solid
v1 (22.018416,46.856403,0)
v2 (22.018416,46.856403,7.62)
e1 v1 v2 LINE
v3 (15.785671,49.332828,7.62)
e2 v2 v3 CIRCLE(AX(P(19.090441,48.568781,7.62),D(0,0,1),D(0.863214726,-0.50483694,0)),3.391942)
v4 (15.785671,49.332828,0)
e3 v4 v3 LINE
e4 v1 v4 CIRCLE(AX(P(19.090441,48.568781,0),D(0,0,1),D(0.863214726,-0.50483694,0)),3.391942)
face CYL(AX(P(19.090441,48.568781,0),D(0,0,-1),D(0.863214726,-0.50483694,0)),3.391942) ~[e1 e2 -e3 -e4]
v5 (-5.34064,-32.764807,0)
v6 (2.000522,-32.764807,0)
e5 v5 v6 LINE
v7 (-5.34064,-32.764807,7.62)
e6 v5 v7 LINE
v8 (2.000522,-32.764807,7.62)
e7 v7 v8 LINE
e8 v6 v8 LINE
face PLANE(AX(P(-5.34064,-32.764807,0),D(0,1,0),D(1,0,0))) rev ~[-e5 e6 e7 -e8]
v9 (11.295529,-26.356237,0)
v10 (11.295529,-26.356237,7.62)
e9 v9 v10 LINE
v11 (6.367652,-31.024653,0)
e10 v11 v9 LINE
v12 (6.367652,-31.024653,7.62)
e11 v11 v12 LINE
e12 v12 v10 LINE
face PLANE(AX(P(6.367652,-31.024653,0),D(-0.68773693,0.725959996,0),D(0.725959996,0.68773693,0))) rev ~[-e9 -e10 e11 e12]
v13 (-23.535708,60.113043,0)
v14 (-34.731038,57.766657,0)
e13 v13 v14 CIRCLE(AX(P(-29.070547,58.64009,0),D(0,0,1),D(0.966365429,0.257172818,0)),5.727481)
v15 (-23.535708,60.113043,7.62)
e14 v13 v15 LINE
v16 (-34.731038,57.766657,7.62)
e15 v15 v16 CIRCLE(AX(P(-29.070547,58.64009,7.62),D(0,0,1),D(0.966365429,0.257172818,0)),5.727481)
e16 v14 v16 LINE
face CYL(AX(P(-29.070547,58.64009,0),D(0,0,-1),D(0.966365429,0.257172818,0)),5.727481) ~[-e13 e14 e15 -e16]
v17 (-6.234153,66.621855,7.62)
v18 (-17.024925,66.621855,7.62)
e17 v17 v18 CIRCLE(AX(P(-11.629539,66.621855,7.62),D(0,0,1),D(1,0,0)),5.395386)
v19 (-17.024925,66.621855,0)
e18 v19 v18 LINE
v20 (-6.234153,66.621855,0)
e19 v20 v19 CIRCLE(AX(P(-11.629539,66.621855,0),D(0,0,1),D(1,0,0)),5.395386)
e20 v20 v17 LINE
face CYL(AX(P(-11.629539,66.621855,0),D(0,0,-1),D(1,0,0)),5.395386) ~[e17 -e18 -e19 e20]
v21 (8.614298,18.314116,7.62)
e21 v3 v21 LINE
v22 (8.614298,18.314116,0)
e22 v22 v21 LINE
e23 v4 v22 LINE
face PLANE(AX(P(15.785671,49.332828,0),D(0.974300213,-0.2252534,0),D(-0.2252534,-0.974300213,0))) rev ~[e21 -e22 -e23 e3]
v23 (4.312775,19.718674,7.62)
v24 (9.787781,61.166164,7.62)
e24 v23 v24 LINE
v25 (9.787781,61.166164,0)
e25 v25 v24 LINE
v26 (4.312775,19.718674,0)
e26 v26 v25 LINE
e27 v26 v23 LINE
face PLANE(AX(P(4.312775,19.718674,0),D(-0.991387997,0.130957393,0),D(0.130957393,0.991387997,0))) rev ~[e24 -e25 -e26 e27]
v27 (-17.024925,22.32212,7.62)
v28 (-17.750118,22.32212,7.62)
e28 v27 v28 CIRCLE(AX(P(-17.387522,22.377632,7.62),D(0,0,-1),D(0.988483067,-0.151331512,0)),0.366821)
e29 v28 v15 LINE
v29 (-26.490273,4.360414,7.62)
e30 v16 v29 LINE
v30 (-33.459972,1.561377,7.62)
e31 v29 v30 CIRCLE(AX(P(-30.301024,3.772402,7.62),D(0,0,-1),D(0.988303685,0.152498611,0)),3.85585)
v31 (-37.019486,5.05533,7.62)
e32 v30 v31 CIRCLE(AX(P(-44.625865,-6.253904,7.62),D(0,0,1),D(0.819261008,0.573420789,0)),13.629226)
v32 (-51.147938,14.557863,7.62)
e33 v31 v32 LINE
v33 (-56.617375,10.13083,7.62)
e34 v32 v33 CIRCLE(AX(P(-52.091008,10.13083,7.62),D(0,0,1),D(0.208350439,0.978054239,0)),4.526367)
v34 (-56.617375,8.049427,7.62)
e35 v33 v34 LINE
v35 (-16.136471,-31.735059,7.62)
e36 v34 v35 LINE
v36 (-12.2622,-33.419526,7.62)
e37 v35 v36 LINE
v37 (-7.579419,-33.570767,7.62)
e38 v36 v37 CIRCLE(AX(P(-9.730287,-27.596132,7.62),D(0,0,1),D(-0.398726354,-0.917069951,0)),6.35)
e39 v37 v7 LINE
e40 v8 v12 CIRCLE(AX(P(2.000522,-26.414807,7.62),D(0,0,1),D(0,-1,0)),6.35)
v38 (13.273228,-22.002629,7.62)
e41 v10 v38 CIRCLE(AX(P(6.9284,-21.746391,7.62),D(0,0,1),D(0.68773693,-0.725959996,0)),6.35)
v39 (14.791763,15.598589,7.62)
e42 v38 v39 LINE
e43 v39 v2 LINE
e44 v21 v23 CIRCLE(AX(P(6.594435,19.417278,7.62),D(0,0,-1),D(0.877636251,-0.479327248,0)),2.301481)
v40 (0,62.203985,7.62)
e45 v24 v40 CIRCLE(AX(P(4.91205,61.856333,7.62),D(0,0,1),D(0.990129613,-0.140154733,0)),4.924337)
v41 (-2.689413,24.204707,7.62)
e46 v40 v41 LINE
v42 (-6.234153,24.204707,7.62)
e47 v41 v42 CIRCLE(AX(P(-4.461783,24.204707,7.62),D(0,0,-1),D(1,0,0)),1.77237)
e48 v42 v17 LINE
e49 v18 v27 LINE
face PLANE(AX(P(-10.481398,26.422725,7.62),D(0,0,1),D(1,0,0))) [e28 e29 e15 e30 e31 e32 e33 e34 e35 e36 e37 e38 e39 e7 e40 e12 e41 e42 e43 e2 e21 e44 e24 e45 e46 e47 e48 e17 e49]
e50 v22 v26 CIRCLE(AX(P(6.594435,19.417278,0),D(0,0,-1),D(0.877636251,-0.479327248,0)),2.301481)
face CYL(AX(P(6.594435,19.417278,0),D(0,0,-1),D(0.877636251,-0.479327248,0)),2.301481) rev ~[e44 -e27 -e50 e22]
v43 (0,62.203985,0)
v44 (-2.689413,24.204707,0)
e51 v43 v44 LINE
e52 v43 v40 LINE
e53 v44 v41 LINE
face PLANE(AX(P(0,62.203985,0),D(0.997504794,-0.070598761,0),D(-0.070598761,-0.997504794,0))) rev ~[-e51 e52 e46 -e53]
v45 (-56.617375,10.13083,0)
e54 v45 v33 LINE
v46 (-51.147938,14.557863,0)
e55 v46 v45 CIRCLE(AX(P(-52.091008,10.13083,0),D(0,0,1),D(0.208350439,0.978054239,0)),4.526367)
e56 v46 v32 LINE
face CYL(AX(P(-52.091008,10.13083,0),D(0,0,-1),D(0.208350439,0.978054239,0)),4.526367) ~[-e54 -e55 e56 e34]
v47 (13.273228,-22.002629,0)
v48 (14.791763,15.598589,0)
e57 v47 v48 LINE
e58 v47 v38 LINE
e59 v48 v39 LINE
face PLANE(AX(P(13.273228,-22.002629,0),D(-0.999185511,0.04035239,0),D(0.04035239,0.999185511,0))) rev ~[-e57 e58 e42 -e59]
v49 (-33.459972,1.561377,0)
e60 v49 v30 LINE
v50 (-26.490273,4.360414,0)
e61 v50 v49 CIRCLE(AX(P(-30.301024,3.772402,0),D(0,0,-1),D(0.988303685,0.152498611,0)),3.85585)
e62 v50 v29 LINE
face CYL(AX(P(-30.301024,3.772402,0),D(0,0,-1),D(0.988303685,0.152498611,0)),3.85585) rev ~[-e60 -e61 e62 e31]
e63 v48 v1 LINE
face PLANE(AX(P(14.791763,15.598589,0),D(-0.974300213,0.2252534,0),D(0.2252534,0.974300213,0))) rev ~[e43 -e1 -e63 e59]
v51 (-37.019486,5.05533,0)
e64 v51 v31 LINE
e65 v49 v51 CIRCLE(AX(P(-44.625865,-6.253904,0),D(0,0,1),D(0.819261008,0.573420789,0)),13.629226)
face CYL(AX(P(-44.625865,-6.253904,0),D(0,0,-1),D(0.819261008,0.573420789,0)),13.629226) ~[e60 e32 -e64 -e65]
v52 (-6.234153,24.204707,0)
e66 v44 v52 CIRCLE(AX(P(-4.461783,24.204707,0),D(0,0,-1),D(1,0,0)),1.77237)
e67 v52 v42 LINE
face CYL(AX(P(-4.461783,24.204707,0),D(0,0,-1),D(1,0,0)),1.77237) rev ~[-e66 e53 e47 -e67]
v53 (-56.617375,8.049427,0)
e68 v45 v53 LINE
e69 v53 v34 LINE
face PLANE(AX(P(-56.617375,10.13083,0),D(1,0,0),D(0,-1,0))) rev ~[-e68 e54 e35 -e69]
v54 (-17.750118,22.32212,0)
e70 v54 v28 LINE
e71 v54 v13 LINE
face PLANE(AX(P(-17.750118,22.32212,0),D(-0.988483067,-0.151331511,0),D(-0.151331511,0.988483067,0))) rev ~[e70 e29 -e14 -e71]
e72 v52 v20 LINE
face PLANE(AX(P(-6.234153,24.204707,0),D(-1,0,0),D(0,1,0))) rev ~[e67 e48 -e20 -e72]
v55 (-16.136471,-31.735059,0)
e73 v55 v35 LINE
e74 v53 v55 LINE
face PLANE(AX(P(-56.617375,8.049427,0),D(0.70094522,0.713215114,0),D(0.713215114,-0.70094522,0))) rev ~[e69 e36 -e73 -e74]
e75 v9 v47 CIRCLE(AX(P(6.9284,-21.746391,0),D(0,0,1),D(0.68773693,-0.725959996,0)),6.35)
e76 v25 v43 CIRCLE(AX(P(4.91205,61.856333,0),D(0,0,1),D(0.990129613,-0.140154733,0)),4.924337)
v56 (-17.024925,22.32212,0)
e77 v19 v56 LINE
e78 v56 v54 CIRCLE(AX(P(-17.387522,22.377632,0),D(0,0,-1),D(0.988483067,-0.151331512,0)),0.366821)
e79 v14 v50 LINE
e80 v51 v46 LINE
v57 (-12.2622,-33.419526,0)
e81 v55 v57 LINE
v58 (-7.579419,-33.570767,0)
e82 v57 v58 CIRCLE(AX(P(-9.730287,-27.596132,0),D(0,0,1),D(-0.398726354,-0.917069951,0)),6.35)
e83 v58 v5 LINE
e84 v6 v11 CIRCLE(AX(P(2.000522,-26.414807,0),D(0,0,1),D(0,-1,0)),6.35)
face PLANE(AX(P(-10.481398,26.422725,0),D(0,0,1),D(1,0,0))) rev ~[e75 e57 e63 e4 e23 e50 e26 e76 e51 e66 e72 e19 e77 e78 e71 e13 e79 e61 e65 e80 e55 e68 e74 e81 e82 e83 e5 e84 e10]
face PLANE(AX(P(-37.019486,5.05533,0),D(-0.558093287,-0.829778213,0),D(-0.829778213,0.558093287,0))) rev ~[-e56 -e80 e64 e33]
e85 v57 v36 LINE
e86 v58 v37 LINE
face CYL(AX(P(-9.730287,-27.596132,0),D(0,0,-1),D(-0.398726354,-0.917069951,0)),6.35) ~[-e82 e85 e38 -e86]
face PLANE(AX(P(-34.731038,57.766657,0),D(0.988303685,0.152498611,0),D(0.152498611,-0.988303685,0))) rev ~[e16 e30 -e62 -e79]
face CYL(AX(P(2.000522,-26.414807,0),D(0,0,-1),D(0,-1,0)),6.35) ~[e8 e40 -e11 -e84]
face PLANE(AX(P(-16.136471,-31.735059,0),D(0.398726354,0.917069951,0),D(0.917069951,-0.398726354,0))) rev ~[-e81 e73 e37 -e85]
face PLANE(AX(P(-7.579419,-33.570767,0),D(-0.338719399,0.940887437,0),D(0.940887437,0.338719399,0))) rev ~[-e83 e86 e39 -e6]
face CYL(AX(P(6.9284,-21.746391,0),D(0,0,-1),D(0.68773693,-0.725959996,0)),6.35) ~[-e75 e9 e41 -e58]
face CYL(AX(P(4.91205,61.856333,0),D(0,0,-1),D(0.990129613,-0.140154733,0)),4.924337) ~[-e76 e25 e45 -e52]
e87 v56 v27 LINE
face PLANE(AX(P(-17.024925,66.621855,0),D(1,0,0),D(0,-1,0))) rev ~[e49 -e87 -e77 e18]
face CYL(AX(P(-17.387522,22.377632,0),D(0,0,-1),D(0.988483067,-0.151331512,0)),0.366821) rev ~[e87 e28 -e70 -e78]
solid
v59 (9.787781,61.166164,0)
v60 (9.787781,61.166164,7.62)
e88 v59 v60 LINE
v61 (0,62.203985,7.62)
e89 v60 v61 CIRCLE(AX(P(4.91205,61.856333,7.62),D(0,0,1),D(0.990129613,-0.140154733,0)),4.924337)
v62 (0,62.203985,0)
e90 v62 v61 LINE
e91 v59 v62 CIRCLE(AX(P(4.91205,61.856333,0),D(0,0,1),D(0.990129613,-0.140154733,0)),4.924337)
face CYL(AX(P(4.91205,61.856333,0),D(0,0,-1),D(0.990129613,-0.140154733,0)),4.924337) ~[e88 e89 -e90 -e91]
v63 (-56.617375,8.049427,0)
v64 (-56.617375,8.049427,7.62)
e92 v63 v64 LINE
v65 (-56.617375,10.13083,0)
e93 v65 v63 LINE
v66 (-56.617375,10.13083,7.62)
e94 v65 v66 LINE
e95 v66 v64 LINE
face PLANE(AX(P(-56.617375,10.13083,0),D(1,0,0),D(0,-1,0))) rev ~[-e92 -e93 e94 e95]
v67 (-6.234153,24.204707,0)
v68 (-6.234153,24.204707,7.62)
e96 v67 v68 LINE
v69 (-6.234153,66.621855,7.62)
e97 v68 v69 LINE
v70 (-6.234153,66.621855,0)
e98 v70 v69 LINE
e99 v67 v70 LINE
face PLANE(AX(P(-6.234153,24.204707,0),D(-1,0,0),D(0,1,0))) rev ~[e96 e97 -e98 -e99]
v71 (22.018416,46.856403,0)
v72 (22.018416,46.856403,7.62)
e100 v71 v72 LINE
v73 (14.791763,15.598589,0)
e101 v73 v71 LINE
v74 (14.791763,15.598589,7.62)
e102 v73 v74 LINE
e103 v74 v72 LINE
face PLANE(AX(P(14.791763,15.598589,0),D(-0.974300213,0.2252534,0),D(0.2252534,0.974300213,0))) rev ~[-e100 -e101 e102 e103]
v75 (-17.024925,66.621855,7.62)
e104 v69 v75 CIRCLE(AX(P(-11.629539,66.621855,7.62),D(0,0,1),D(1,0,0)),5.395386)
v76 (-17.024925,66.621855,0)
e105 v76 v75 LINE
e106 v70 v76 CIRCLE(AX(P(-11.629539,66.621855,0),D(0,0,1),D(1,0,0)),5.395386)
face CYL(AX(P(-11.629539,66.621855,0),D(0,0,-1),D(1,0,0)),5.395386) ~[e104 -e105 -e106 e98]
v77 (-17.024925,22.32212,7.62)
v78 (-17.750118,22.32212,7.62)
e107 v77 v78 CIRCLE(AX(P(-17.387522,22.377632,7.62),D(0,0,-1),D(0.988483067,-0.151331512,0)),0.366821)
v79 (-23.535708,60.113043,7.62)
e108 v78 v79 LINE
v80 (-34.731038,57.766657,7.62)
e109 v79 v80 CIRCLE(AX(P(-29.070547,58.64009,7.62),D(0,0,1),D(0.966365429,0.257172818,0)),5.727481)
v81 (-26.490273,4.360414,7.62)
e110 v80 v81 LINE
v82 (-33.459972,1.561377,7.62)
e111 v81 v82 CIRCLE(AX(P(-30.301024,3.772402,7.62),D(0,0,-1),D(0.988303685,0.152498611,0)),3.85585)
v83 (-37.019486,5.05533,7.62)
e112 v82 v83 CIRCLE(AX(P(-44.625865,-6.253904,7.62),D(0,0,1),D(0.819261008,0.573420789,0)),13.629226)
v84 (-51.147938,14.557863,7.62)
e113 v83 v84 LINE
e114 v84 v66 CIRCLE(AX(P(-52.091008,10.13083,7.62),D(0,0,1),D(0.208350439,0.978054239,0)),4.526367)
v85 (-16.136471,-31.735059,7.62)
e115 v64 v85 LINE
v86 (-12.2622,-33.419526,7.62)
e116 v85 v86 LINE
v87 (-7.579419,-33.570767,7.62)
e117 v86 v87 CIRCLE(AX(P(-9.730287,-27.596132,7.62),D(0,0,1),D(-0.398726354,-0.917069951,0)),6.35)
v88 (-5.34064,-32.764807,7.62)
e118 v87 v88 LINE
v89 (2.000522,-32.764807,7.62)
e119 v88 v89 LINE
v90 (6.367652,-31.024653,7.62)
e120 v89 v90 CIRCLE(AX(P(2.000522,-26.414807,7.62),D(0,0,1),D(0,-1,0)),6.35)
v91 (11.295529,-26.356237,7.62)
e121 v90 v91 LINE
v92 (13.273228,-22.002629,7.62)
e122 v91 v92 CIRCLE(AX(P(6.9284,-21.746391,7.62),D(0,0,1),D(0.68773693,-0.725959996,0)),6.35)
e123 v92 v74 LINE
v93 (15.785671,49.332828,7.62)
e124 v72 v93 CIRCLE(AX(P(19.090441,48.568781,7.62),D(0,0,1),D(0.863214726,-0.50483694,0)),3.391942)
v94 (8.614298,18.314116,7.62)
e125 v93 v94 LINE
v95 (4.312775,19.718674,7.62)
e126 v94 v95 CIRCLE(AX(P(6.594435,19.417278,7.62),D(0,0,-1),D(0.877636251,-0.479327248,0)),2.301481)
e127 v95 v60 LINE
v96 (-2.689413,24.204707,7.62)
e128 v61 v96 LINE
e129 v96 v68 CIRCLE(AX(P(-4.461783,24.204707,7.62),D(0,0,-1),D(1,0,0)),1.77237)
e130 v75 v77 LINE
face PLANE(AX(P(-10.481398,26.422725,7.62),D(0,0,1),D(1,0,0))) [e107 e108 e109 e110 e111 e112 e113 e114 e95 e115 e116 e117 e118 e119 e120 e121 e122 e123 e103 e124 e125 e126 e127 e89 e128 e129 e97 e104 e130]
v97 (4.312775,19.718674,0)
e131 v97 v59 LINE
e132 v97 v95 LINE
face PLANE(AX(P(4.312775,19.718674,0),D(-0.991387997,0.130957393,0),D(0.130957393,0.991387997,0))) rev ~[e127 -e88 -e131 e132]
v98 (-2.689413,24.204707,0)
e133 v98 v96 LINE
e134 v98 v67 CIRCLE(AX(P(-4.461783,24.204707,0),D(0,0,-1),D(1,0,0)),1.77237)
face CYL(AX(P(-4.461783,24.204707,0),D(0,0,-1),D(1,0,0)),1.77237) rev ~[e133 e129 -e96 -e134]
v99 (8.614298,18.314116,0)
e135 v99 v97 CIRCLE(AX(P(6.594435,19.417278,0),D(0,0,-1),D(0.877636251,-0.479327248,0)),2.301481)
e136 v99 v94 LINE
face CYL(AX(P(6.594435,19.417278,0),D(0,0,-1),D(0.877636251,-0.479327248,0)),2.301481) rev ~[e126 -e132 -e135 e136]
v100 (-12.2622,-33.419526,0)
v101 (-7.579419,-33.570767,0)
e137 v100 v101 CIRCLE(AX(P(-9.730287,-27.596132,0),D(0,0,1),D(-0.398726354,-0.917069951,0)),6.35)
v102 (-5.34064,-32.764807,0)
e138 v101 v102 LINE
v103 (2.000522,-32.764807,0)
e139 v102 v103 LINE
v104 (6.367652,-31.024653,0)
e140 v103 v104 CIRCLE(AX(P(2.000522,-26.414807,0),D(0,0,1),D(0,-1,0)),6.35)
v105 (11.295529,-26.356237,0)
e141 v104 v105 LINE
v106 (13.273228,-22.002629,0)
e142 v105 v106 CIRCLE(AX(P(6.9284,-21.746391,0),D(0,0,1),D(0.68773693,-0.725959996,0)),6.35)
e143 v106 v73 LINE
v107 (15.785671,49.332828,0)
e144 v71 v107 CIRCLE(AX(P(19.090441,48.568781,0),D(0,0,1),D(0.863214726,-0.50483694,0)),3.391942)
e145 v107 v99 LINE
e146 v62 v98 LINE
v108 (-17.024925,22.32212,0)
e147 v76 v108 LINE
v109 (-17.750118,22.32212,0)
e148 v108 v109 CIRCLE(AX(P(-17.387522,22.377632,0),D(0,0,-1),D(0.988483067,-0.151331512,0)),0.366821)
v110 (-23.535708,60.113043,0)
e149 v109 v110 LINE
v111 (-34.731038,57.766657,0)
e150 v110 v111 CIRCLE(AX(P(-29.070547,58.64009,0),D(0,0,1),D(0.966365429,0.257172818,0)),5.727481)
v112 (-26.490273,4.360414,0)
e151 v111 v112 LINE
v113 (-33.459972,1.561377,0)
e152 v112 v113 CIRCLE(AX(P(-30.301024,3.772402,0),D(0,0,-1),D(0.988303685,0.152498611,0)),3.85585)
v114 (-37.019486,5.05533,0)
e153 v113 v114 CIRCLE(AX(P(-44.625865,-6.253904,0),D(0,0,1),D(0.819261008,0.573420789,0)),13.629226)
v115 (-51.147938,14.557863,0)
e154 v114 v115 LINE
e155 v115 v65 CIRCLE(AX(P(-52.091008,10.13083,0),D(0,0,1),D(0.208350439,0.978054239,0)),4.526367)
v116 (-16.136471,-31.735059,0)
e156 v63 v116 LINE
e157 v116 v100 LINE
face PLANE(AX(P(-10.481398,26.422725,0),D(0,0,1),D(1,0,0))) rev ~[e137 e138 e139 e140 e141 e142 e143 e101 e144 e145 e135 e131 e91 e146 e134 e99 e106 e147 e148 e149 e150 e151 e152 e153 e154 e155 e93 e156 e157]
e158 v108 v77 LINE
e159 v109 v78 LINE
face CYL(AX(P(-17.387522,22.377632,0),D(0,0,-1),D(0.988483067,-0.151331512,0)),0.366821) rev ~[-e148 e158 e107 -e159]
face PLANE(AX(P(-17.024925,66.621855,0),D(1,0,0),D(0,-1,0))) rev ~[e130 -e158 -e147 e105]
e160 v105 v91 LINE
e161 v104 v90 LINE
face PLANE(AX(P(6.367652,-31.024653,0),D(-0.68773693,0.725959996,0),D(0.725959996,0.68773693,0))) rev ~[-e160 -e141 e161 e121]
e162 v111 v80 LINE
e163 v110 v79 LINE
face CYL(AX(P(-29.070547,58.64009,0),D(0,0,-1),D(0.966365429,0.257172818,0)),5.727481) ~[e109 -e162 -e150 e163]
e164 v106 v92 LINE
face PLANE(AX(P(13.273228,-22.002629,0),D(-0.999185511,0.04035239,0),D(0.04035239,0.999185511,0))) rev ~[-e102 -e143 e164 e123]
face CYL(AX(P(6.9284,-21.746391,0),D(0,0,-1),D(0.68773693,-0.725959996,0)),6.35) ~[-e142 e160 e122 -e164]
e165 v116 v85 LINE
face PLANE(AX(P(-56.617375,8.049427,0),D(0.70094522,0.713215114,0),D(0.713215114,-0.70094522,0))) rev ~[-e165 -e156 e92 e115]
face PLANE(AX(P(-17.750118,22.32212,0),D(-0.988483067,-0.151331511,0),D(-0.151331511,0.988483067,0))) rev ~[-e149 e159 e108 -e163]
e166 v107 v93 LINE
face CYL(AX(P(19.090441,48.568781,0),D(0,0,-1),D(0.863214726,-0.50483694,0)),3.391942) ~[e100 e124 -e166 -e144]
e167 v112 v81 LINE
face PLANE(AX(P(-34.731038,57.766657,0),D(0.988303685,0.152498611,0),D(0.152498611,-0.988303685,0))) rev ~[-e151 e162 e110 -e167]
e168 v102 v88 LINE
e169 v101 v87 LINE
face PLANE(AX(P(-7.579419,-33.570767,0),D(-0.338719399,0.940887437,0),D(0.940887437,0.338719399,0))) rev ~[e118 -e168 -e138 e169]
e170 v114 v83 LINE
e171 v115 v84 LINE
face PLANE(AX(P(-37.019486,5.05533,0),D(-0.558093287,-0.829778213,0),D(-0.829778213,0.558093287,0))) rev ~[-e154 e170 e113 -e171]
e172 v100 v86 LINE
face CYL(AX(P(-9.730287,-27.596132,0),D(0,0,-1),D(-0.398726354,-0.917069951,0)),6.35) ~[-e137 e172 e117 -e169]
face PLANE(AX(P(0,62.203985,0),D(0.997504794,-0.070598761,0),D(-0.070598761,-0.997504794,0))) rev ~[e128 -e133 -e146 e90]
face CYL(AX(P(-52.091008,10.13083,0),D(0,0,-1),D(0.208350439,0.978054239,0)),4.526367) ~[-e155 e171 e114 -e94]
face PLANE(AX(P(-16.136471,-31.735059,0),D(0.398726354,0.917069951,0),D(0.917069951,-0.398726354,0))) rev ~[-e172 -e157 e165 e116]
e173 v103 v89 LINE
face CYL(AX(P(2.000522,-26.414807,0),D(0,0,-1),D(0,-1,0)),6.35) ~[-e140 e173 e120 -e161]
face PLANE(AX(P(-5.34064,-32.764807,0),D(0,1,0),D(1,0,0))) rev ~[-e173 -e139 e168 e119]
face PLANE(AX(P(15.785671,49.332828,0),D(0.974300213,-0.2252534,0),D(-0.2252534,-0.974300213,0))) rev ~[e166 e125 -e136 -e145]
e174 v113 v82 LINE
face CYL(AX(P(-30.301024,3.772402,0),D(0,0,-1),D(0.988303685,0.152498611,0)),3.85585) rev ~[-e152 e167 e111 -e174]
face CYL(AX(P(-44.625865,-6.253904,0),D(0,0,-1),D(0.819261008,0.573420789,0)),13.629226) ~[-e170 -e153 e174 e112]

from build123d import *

# Parameters (mm, degrees)
F2_DEPTH = 7.62


with BuildPart() as f2:
    # F0 (on Top) → F2 (new body)
    with BuildSketch(Plane.XY):
        with BuildLine():
            ThreePointArc((-23.5357079655, 60.113042593), (-30.2454210783, 64.2457756232), (-34.7310379148, 57.7666573226))
            Line((-34.7310379148, 57.7666573226), (-26.4902733646, 4.3604136363))
            ThreePointArc((-26.4902733646, 4.3604136363), (-28.8640611312, 0.1943133413), (-33.4599719683, 1.5613772045))
            ThreePointArc((-33.4599719683, 1.5613772045), (-35.0785366802, 3.4725706683), (-37.0194858383, 5.0553304569))
            Line((-37.0194858383, 5.0553304569), (-51.1479377747, 14.5578626543))
            ThreePointArc((-51.1479377747, 14.5578626543), (-54.938754442, 13.6491168294), (-56.6173754632, 10.1308301091))
            Line((-56.6173754632, 10.1308301091), (-56.6173754632, 8.0494266003))
            Line((-56.6173754632, 8.0494266003), (-16.1364711821, -31.7350588739))
            Line((-16.1364711821, -31.7350588739), (-12.2621996492, -33.4195259751))
            ThreePointArc((-12.2621996492, -33.4195259751), (-9.9352680974, -33.9428224896), (-7.5794191189, -33.5707670106))
            Line((-7.5794191189, -33.5707670106), (-5.3406401906, -32.7648067825))
            Line((-5.3406401906, -32.7648067825), (2.0005224682, -32.7648067825))
            ThreePointArc((2.0005224682, -32.7648067825), (4.3510519912, -32.3137482945), (6.3676519732, -31.0246527547))
            Line((6.3676519732, -31.0246527547), (11.2955290824, -26.3562370092))
            ThreePointArc((11.2955290824, -26.3562370092), (12.7098340581, -24.3727031559), (13.2732275699, -22.0026287135))
            Line((13.2732275699, -22.0026287135), (14.7917633876, 15.5985886231))
            Line((14.7917633876, 15.5985886231), (22.0184158534, 46.8564033508))
            ThreePointArc((22.0184158534, 46.8564033508), (20.3429041375, 51.7210198481), (15.7856713104, 49.3328276164))
            Line((15.7856713104, 49.3328276164), (8.6142982273, 18.3141156696))
            ThreePointArc((8.6142982273, 18.3141156696), (5.8800612713, 17.2294749175), (4.3127752073, 19.7186739224))
            Line((4.3127752073, 19.7186739224), (9.7877811641, 61.1661635339))
            ThreePointArc((9.7877811641, 61.1661635339), (5.43127774, 66.7532188415), (0, 62.2039847076))
            Line((0, 62.2039847076), (-2.6894125622, 24.2047067732))
            ThreePointArc((-2.6894125622, 24.2047067732), (-4.461782823, 22.4323365124), (-6.2341530838, 24.2047067732))
            Line((-6.2341530838, 24.2047067732), (-6.2341530838, 66.6218549013))
            ThreePointArc((-6.2341530838, 66.6218549013), (-11.6295390312, 72.0172408487), (-17.0249249786, 66.6218549013))
            Line((-17.0249249786, 66.6218549013), (-17.0249249786, 22.3221201244))
            ThreePointArc((-17.0249249786, 22.3221201244), (-17.387521641, 22.0108104301), (-17.7501183034, 22.3221201244))
            Line((-17.7501183034, 22.3221201244), (-23.5357079655, 60.113042593))
        make_face()
    extrude(amount=F2_DEPTH)


with BuildPart() as f2b:
    # F1 (on face) → F2, piece 2 (new body)
    with BuildSketch(Plane.XY):
        with BuildLine():
            Line((-17.7501183034, 22.3221201244), (-23.5357079655, 60.113042593))
            ThreePointArc((-23.5357079655, 60.113042593), (-30.2454210783, 64.2457756232), (-34.7310379148, 57.7666573226))
            Line((-34.7310379148, 57.7666573226), (-26.4902733646, 4.3604136363))
            ThreePointArc((-26.4902733646, 4.3604136363), (-28.8640611312, 0.1943133413), (-33.4599719683, 1.5613772045))
            ThreePointArc((-33.4599719683, 1.5613772045), (-35.0785366802, 3.4725706683), (-37.0194858383, 5.0553304569))
            Line((-37.0194858383, 5.0553304569), (-51.1479377747, 14.5578626543))
            ThreePointArc((-51.1479377747, 14.5578626543), (-54.938754442, 13.6491168294), (-56.6173754632, 10.1308301091))
            Line((-56.6173754632, 10.1308301091), (-56.6173754632, 8.0494266003))
            Line((-56.6173754632, 8.0494266003), (-16.1364711821, -31.7350588739))
            Line((-16.1364711821, -31.7350588739), (-12.2621996492, -33.4195259751))
            ThreePointArc((-12.2621996492, -33.4195259751), (-9.9352680974, -33.9428224896), (-7.5794191189, -33.5707670106))
            Line((-7.5794191189, -33.5707670106), (-5.3406401906, -32.7648067825))
            Line((-5.3406401906, -32.7648067825), (2.0005224682, -32.7648067825))
            ThreePointArc((2.0005224682, -32.7648067825), (4.3510519912, -32.3137482945), (6.3676519732, -31.0246527547))
            Line((6.3676519732, -31.0246527547), (11.2955290824, -26.3562370092))
            ThreePointArc((11.2955290824, -26.3562370092), (12.7098340581, -24.3727031559), (13.2732275699, -22.0026287135))
            Line((13.2732275699, -22.0026287135), (14.7917633876, 15.5985886231))
            Line((14.7917633876, 15.5985886231), (22.0184158534, 46.8564033508))
            ThreePointArc((22.0184158534, 46.8564033508), (20.3429041375, 51.7210198481), (15.7856713104, 49.3328276164))
            Line((15.7856713104, 49.3328276164), (8.6142982273, 18.3141156696))
            ThreePointArc((8.6142982273, 18.3141156696), (5.8800612713, 17.2294749175), (4.3127752073, 19.7186739224))
            Line((4.3127752073, 19.7186739224), (9.7877811641, 61.1661635339))
            ThreePointArc((9.7877811641, 61.1661635339), (5.43127774, 66.7532188415), (0, 62.2039847076))
            Line((0, 62.2039847076), (-2.6894125622, 24.2047067732))
            ThreePointArc((-2.6894125622, 24.2047067732), (-4.461782823, 22.4323365124), (-6.2341530838, 24.2047067732))
            Line((-6.2341530838, 24.2047067732), (-6.2341530838, 66.6218549013))
            ThreePointArc((-6.2341530838, 66.6218549013), (-11.6295390312, 72.0172408487), (-17.0249249786, 66.6218549013))
            Line((-17.0249249786, 66.6218549013), (-17.0249249786, 22.3221201244))
            ThreePointArc((-17.0249249786, 22.3221201244), (-17.387521641, 22.0108104301), (-17.7501183034, 22.3221201244))
        make_face()
    extrude(amount=F2_DEPTH)


solid = Compound([f2.part, f2b.part])
